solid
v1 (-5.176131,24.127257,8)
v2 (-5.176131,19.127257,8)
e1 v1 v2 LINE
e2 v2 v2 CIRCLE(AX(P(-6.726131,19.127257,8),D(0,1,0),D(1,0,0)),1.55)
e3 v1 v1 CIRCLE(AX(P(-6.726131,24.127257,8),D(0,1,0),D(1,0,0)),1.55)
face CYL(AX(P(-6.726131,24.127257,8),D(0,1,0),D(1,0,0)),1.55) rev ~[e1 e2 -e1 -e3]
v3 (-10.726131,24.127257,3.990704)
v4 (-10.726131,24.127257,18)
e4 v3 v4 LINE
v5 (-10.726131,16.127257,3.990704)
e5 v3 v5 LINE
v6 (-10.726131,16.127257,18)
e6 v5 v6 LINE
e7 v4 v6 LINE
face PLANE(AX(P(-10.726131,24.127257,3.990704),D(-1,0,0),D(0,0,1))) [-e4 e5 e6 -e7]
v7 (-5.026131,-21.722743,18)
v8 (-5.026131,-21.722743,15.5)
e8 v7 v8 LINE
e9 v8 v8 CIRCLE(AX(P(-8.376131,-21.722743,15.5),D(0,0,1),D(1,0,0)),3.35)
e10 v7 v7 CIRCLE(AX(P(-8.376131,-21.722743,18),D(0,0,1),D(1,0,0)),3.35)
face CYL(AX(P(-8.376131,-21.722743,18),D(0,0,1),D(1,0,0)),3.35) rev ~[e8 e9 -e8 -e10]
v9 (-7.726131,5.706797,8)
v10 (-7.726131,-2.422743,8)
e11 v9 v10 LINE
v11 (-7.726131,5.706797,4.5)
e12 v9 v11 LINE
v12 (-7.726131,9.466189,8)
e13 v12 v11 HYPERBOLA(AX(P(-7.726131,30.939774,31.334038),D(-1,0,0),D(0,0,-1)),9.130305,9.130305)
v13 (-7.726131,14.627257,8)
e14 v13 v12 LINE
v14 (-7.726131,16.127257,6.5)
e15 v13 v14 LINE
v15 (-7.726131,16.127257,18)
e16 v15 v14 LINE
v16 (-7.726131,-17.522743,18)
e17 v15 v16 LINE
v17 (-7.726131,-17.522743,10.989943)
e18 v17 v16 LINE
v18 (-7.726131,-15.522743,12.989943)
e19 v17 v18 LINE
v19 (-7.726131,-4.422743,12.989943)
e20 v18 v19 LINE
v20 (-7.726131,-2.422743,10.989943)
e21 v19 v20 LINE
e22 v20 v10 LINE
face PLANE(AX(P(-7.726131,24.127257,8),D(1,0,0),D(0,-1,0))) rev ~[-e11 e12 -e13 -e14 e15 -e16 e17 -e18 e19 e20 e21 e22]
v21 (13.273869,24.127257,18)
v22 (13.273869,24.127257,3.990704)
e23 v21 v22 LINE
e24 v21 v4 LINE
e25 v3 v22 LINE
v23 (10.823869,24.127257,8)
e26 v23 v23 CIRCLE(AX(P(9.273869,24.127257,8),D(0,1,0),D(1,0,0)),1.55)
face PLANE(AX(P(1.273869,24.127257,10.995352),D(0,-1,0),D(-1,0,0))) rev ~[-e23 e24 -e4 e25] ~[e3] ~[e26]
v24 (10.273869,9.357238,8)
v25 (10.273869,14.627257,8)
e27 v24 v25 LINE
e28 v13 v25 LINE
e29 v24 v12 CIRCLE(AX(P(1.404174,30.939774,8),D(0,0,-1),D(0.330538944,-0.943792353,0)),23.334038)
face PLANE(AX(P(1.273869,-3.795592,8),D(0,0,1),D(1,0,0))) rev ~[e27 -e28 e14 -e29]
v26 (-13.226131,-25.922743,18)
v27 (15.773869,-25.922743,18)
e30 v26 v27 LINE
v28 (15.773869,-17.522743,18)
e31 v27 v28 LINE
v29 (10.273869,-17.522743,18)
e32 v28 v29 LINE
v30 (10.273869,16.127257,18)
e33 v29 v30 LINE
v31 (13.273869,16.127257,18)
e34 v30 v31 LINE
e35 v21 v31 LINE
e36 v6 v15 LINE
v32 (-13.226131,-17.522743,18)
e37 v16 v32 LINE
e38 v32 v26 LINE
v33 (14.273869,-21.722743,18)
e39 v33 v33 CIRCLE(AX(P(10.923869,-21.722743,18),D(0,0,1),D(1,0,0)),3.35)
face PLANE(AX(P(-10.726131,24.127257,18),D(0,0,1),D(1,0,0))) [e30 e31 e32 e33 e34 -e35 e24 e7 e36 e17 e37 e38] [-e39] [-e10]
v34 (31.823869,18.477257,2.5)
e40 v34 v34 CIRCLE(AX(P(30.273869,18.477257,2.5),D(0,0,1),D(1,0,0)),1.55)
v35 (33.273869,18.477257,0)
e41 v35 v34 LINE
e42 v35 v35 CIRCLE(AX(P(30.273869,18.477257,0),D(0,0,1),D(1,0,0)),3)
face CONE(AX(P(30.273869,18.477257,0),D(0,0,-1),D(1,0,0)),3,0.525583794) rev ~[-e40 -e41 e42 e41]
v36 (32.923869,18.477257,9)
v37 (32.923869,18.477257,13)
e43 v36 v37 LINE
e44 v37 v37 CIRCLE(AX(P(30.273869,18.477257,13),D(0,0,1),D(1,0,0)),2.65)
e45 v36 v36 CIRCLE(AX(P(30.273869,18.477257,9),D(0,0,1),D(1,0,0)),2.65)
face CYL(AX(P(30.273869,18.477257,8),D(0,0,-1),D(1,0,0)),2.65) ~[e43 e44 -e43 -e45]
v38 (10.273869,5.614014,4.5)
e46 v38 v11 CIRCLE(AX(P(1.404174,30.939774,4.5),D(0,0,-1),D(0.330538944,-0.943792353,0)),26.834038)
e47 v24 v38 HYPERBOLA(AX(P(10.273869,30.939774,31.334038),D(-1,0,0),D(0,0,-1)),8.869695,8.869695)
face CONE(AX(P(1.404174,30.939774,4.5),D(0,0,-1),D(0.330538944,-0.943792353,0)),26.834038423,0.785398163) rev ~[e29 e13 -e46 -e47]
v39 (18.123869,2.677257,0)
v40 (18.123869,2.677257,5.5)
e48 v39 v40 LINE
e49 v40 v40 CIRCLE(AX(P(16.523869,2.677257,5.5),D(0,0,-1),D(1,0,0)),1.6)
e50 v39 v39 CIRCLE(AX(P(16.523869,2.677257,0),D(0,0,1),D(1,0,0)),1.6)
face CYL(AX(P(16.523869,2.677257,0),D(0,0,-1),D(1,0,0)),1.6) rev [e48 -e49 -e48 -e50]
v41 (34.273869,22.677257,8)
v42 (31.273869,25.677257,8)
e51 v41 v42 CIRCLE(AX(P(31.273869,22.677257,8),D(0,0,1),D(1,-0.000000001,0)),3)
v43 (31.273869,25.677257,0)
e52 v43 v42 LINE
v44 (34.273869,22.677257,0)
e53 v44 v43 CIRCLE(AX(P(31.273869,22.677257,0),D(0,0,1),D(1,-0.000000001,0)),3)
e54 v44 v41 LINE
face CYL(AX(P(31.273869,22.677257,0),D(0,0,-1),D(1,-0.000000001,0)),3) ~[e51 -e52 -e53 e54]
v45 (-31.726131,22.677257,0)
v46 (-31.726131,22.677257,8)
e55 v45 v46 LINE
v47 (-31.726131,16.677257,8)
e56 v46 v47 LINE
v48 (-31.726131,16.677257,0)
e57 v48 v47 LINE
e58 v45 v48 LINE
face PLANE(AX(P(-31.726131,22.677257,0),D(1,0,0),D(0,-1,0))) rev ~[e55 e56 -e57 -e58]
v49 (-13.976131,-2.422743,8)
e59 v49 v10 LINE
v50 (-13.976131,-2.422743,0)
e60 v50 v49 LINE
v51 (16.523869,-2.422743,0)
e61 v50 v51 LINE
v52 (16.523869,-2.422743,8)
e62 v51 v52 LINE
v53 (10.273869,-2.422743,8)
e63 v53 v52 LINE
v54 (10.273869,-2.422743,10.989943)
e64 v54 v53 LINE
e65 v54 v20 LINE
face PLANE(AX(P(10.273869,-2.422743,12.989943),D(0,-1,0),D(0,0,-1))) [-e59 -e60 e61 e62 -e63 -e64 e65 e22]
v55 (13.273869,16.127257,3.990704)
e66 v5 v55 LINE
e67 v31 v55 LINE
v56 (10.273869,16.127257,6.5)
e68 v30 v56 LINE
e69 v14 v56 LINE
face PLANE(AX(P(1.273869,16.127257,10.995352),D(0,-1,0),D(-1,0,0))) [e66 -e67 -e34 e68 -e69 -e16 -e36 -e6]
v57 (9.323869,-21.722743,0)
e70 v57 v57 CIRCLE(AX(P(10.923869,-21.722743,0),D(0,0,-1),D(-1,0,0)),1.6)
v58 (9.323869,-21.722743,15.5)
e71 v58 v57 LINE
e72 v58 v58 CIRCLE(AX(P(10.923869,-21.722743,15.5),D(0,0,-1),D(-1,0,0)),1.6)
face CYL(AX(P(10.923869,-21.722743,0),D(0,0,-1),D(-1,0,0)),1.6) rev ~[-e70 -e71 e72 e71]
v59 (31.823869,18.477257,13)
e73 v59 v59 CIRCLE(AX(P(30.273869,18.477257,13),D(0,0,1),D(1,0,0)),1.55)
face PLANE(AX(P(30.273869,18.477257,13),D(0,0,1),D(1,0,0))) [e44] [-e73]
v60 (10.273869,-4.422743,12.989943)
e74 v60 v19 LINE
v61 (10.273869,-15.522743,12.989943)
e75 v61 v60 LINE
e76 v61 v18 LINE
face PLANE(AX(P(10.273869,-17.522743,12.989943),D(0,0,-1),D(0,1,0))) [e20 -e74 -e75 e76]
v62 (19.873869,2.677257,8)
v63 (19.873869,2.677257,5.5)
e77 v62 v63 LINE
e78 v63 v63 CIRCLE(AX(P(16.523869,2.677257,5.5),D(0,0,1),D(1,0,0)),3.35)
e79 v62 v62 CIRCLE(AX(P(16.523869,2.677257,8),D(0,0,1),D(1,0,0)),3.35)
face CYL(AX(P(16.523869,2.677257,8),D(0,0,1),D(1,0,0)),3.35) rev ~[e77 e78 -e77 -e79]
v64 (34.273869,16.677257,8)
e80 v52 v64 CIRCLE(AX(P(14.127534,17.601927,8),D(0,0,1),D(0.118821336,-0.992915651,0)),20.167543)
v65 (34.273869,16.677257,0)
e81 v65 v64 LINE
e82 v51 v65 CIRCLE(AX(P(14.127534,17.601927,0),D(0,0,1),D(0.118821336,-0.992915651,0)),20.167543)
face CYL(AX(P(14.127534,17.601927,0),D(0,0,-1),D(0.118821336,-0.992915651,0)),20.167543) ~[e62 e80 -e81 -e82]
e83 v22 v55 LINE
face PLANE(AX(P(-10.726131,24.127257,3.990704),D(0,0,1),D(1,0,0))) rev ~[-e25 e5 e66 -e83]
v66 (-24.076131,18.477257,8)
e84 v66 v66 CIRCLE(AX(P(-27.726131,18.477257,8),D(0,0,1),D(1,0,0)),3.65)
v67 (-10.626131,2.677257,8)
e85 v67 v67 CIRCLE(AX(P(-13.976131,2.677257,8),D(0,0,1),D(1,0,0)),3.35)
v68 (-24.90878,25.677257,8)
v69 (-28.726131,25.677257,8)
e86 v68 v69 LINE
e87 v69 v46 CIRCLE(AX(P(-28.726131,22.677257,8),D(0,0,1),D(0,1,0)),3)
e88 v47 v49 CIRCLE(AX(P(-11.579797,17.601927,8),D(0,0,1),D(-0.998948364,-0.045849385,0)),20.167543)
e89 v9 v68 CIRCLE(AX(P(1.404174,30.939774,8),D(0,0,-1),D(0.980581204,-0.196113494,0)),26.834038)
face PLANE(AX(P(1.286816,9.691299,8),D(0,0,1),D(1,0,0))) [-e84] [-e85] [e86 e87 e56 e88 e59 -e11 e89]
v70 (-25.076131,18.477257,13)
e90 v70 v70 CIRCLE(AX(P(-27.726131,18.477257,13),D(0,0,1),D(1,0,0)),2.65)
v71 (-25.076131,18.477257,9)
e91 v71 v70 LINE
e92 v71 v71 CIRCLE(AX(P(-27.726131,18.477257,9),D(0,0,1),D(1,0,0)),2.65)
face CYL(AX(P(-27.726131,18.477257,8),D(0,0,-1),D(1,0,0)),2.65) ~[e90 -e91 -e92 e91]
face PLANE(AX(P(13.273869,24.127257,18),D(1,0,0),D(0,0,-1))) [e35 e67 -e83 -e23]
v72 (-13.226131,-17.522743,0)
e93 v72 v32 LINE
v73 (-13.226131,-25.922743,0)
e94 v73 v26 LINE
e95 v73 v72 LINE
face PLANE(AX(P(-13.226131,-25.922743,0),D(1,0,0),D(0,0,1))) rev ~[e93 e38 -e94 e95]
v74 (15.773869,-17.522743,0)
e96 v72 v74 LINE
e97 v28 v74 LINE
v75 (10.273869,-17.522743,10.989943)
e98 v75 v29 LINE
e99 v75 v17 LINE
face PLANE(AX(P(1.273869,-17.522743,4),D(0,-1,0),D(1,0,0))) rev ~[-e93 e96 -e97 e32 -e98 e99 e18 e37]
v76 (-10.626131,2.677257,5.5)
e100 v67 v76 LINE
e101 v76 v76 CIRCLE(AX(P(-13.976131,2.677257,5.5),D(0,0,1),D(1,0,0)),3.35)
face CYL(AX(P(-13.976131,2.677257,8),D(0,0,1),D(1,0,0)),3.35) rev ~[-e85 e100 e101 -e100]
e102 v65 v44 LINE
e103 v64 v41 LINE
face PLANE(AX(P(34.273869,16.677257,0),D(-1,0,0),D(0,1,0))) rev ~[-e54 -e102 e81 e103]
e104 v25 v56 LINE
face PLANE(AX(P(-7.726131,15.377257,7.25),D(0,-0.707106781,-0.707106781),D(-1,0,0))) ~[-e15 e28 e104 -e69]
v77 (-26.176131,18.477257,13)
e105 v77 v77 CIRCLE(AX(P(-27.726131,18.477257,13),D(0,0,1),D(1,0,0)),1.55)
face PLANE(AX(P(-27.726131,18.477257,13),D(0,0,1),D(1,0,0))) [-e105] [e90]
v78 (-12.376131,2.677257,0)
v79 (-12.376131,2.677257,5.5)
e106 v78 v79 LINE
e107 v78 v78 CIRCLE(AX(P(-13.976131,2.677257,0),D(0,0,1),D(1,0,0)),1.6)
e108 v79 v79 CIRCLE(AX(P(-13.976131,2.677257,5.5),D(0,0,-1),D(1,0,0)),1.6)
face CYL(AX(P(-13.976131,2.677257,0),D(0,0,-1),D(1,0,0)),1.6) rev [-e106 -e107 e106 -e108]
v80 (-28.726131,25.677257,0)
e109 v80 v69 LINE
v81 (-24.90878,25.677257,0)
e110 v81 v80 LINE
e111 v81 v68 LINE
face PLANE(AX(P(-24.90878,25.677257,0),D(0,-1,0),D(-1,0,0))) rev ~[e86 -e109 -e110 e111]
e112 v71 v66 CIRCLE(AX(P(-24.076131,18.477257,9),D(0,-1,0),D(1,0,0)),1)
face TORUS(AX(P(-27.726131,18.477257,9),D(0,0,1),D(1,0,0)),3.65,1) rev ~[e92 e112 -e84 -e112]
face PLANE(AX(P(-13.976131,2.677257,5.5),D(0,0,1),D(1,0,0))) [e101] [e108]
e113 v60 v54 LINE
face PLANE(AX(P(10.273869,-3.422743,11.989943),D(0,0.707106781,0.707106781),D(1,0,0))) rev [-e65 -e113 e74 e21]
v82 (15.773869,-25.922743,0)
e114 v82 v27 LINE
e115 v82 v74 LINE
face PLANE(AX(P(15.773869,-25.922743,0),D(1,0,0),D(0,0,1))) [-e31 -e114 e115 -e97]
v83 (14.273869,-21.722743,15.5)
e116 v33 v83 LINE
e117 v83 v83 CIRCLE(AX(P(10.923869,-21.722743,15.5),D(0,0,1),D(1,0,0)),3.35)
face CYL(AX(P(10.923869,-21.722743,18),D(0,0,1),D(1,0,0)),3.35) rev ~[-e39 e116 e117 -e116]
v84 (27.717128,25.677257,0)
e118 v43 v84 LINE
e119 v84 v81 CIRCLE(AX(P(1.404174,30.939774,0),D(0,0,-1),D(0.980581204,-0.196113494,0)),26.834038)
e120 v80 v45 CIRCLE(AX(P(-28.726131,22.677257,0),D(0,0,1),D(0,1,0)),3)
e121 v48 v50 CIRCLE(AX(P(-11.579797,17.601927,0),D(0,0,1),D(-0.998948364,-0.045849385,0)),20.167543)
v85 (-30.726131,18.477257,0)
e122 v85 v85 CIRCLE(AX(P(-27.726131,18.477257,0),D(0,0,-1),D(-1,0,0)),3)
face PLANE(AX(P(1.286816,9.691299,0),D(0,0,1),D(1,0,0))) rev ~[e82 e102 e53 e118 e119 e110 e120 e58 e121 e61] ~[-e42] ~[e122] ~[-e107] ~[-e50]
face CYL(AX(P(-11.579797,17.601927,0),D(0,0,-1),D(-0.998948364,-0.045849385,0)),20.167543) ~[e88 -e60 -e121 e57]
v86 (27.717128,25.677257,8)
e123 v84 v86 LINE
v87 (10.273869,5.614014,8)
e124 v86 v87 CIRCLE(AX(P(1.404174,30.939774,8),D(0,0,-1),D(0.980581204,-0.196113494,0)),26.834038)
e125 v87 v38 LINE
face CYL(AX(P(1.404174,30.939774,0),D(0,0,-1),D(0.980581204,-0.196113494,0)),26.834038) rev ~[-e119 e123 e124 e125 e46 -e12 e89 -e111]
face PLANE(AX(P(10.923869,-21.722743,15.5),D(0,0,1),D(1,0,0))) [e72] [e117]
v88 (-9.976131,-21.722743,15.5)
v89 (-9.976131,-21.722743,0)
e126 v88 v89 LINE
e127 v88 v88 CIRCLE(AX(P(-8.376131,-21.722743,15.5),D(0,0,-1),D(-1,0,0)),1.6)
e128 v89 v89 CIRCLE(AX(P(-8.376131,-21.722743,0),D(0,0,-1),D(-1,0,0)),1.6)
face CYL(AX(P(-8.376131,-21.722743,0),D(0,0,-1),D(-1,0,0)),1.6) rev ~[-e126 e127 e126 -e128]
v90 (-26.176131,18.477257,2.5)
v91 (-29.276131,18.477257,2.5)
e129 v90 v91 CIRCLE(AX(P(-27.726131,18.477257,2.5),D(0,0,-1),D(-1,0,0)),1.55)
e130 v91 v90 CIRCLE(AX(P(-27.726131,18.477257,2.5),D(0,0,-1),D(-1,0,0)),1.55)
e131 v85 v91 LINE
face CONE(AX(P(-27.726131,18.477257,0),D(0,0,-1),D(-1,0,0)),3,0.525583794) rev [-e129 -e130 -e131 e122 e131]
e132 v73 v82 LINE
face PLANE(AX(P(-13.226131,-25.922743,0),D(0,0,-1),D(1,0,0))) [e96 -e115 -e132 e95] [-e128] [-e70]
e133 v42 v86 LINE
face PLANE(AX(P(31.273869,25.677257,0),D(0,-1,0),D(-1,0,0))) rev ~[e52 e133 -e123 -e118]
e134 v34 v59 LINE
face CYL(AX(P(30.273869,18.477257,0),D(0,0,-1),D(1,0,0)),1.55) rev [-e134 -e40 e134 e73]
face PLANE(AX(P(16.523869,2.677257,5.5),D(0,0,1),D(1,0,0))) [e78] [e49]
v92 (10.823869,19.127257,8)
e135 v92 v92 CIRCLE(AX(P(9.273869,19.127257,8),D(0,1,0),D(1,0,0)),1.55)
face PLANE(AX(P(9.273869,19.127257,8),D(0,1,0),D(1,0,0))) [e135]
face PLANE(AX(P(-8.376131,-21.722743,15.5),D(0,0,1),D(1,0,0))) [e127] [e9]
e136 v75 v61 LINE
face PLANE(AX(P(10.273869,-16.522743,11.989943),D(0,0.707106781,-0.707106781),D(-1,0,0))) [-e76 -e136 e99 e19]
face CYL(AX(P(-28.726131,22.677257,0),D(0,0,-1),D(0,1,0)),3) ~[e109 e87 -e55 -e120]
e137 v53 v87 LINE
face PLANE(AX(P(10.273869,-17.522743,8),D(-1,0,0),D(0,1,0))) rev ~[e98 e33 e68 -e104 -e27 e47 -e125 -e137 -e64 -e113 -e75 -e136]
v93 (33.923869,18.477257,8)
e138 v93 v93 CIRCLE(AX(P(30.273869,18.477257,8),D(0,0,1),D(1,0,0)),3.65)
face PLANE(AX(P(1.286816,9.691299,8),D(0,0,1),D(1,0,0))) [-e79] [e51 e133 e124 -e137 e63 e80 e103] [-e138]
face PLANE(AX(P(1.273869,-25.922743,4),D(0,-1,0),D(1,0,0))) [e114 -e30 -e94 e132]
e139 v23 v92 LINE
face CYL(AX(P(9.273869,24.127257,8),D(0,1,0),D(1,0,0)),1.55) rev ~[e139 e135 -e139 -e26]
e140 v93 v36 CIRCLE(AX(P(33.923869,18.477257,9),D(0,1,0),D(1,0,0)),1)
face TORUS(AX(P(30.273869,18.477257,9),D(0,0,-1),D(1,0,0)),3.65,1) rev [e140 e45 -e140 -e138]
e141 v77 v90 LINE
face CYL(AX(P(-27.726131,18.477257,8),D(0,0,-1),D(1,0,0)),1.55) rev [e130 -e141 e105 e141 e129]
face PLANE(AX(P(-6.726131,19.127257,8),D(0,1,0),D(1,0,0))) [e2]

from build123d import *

# Parameters (mm, degrees)
SKETCH_1_R          = 1.6
SKETCH_1_R_2        = 1.55
EXTRUDE_1_DEPTH     = 8
SKETCH_2_R          = 1.6
EXTRUDE_2_DEPTH     = 10
SKETCH_5_R          = 2.65
SKETCH_5_R_2        = 1.55
EXTRUDE_3_DEPTH     = 5
SKETCH_6_R          = 3.35
CUT_EXTRUDE_1_DEPTH = 2.5
SKETCH_13_W         = 29
SKETCH_13_H         = 8
EXTRUDE_6_DEPTH     = 8.4
SKETCH_14_R         = 1.6
CUT_EXTRUDE_4_DEPTH = 19
SKETCH_15_R         = 3.35
CUT_EXTRUDE_5_DEPTH = 2.5
EXTRUDE_7_DEPTH     = 8
SKETCH_20_R         = 1.55
CUT_EXTRUDE_7_DEPTH = 5
CHAMFER_2_SIZE      = 3.5
CHAMFER_3_SIZE      = 1.5
SKETCH_21_W         = 4.98994274
SKETCH_21_H         = 15.1
CUT_EXTRUDE_8_DEPTH = 26
CHAMFER_5_SIZE      = 2
FILLET_1_R          = 1


with BuildPart() as part:
    # 草图1 → 凸台-拉伸1 (new body)
    with BuildSketch(Plane.XY):
        with BuildLine():
            Line((-31.726131322, 22.677257125), (-31.726131322, 16.677257125))
            ThreePointArc((-31.726131322, 16.677257125), (-26.352930604, 3.872967216), (-13.976131322, -2.422742875))
            Line((-13.976131322, -2.422742875), (16.523868678, -2.422742875))
            ThreePointArc((16.523868678, -2.422742875), (28.90066796, 3.872967216), (34.273868678, 16.677257125))
            Line((34.273868678, 16.677257125), (34.273868678, 22.677257125))
            ThreePointArc((34.273868678, 22.677257125), (33.395189022, 24.798577469), (31.273868678, 25.677257125))
            Line((31.273868678, 25.677257125), (27.717127655, 25.677257125))
            ThreePointArc((27.717127655, 25.677257125), (1.404173951, 4.105735727), (-24.908779753, 25.677257125))
            Line((-24.908779753, 25.677257125), (-28.726131322, 25.677257125))
            ThreePointArc((-28.726131322, 25.677257125), (-30.847451665, 24.798577469), (-31.726131322, 22.677257125))
        make_face()
        with Locations((-13.976131322, 2.677257125)):
            Circle(SKETCH_1_R, mode=Mode.SUBTRACT)
        with Locations((16.523868678, 2.677257125)):
            Circle(SKETCH_1_R, mode=Mode.SUBTRACT)
        with Locations((30.273868678, 18.477257125)):
            Circle(SKETCH_1_R_2, mode=Mode.SUBTRACT)
        with Locations((-27.726131322, 18.477257125)):
            Circle(SKETCH_1_R_2, mode=Mode.SUBTRACT)
    extrude(amount=EXTRUDE_1_DEPTH)

    # 草图2 → 凸台-拉伸2 (add)
    with BuildSketch(Plane.XY.offset(8)):
        Polygon((-7.726131322, -17.522742875), (-11.226131322, -17.522742875), (-13.226131322, -17.522742875), (-13.226131322, -25.922742875), (-11.226131322, -25.922742875), (13.773868678, -25.922742875), (15.773868678, -25.922742875), (15.773868678, -17.522742875), (13.773868678, -17.522742875), (10.273868678, -17.522742875), (10.273868678, -2.422742875), (10.273868678, 20.927257125), (10.273868678, 24.127257125), (-7.726131322, 24.127257125), (-7.726131322, 20.927257125), (-7.726131322, -2.422742875), align=None)
        with Locations((10.923868678, -21.722742875)):
            Circle(SKETCH_2_R, mode=Mode.SUBTRACT)
        with Locations((-8.376131322, -21.722742875)):
            Circle(SKETCH_2_R, mode=Mode.SUBTRACT)
    extrude(amount=EXTRUDE_2_DEPTH)

    # 草图4 → 切除-旋转4 (revolve, cut)
    with BuildSketch(Plane(origin=(0, 18.477257125, 0), x_dir=(-1, 0, 0), z_dir=(0, -1, 0))):
        Polygon((-30.273868678, 0), (-33.273868678, 0), (-31.823868678, -2.5), (-30.273868678, -2.5), align=None)
    cut_revolve_4 = revolve(axis=Axis((30.273868678, 18.477257125, 2.5), (0, 0, 1)), mode=Mode.SUBTRACT)

    # 镜向1: 切除-旋转4 across plane
    add(cut_revolve_4.mirror(Plane(origin=(1.273868678, 0, 0), x_dir=(0, 0, 1), z_dir=(1, 0, 0))), mode=Mode.SUBTRACT)

    # 草图5 → 凸台-拉伸3 (add)
    with BuildSketch(Plane.XY.offset(8)):
        with Locations((-27.726131322, 18.477257125)):
            Circle(SKETCH_5_R)
        with Locations((-27.726131322, 18.477257125)):
            Circle(SKETCH_5_R_2, mode=Mode.SUBTRACT)
        with Locations((30.273868678, 18.477257125)):
            Circle(SKETCH_5_R)
        with Locations((30.273868678, 18.477257125)):
            Circle(SKETCH_5_R_2, mode=Mode.SUBTRACT)
    extrude(amount=EXTRUDE_3_DEPTH)

    # 草图6 → 切除-拉伸1 (cut)
    with BuildSketch(Plane.XY.offset(8)):
        with Locations((-13.976131322, 2.677257125)):
            Circle(SKETCH_6_R)
        with Locations((16.523868678, 2.677257125)):
            Circle(SKETCH_6_R)
    extrude(amount=-CUT_EXTRUDE_1_DEPTH, mode=Mode.SUBTRACT)

    # 草图13 → 凸台-拉伸6 (add)
    with BuildSketch(Plane.XZ.offset(25.922742875)):
        with Locations((1.273868678, 4)):
            Rectangle(SKETCH_13_W, SKETCH_13_H)
    extrude(amount=-EXTRUDE_6_DEPTH)

    # 草图14 → 切除-拉伸4 (cut, through all)
    with BuildSketch(Plane(origin=(0, 0, 0), x_dir=(-1, 0, 0), z_dir=(0, 0, -1))):
        with Locations((-10.923868678, -21.722742875)):
            Circle(SKETCH_14_R)
        with Locations((8.376131322, -21.722742875)):
            Circle(SKETCH_14_R)
    extrude(amount=-CUT_EXTRUDE_4_DEPTH, mode=Mode.SUBTRACT)

    # 草图15 → 切除-拉伸5 (cut)
    with BuildSketch(Plane.XY.offset(18)):
        with Locations((-8.376131322, -21.722742875)):
            Circle(SKETCH_15_R)
        with Locations((10.923868678, -21.722742875)):
            Circle(SKETCH_15_R)
    extrude(amount=-CUT_EXTRUDE_5_DEPTH, mode=Mode.SUBTRACT)

    # 草图16 → 凸台-拉伸7 (add)
    with BuildSketch(Plane(origin=(0, 24.127257125, 0), x_dir=(1, 0, 0), z_dir=(0, 1, 0))):
        Polygon((-7.726131322, -18), (-10.726131322, -18), (-10.726131322, -8), (-10.726131322, -3.990704144), (13.273868678, -3.990704144), (13.273868678, -8), (13.273868678, -18), align=None)
    extrude(amount=-EXTRUDE_7_DEPTH)

    # 草图20 → 切除-拉伸7 (cut)
    with BuildSketch(Plane(origin=(0, 24.127257125, 0), x_dir=(1, 0, 0), z_dir=(0, 1, 0))):
        with Locations((-6.726131322, -8)):
            Circle(SKETCH_20_R)
        with Locations((9.273868678, -8)):
            Circle(SKETCH_20_R)
    extrude(amount=-CUT_EXTRUDE_7_DEPTH, mode=Mode.SUBTRACT)

    # 倒角2
    chamfer_2_edges = [part.edges().sort_by_distance(p)[0] for p in [
        (1.265856801, 4.10609221, 8),
    ]]
    chamfer(chamfer_2_edges, length=CHAMFER_2_SIZE)

    # 倒角3
    chamfer_3_edges = [part.edges().sort_by_distance(p)[0] for p in [
        (1.273868678, 16.127257125, 8),
    ]]
    chamfer(chamfer_3_edges, length=CHAMFER_3_SIZE)

    # 草图21 → 切除-拉伸8 (cut)
    with BuildSketch(Plane(origin=(10.273868678, 0, 0), x_dir=(0, 0, -1), z_dir=(1, 0, 0))):
        with Locations((-10.49497137, -9.972742875)):
            Rectangle(SKETCH_21_W, SKETCH_21_H)
    extrude(amount=-CUT_EXTRUDE_8_DEPTH, mode=Mode.SUBTRACT)

    # 倒角5
    chamfer_5_edges = [part.edges().sort_by_distance(p)[0] for p in [
        (1.273868678, -17.522742875, 12.98994274),
        (1.273868678, -2.422742875, 12.98994274),
    ]]
    chamfer(chamfer_5_edges, length=CHAMFER_5_SIZE)

    # 圆角1
    fillet_1_edges = [part.edges().sort_by_distance(p)[0] for p in [
        (-30.376131322, 18.477257125, 8),
        (27.623868678, 18.477257125, 8),
    ]]
    fillet(fillet_1_edges, radius=FILLET_1_R)


solid = part.part
